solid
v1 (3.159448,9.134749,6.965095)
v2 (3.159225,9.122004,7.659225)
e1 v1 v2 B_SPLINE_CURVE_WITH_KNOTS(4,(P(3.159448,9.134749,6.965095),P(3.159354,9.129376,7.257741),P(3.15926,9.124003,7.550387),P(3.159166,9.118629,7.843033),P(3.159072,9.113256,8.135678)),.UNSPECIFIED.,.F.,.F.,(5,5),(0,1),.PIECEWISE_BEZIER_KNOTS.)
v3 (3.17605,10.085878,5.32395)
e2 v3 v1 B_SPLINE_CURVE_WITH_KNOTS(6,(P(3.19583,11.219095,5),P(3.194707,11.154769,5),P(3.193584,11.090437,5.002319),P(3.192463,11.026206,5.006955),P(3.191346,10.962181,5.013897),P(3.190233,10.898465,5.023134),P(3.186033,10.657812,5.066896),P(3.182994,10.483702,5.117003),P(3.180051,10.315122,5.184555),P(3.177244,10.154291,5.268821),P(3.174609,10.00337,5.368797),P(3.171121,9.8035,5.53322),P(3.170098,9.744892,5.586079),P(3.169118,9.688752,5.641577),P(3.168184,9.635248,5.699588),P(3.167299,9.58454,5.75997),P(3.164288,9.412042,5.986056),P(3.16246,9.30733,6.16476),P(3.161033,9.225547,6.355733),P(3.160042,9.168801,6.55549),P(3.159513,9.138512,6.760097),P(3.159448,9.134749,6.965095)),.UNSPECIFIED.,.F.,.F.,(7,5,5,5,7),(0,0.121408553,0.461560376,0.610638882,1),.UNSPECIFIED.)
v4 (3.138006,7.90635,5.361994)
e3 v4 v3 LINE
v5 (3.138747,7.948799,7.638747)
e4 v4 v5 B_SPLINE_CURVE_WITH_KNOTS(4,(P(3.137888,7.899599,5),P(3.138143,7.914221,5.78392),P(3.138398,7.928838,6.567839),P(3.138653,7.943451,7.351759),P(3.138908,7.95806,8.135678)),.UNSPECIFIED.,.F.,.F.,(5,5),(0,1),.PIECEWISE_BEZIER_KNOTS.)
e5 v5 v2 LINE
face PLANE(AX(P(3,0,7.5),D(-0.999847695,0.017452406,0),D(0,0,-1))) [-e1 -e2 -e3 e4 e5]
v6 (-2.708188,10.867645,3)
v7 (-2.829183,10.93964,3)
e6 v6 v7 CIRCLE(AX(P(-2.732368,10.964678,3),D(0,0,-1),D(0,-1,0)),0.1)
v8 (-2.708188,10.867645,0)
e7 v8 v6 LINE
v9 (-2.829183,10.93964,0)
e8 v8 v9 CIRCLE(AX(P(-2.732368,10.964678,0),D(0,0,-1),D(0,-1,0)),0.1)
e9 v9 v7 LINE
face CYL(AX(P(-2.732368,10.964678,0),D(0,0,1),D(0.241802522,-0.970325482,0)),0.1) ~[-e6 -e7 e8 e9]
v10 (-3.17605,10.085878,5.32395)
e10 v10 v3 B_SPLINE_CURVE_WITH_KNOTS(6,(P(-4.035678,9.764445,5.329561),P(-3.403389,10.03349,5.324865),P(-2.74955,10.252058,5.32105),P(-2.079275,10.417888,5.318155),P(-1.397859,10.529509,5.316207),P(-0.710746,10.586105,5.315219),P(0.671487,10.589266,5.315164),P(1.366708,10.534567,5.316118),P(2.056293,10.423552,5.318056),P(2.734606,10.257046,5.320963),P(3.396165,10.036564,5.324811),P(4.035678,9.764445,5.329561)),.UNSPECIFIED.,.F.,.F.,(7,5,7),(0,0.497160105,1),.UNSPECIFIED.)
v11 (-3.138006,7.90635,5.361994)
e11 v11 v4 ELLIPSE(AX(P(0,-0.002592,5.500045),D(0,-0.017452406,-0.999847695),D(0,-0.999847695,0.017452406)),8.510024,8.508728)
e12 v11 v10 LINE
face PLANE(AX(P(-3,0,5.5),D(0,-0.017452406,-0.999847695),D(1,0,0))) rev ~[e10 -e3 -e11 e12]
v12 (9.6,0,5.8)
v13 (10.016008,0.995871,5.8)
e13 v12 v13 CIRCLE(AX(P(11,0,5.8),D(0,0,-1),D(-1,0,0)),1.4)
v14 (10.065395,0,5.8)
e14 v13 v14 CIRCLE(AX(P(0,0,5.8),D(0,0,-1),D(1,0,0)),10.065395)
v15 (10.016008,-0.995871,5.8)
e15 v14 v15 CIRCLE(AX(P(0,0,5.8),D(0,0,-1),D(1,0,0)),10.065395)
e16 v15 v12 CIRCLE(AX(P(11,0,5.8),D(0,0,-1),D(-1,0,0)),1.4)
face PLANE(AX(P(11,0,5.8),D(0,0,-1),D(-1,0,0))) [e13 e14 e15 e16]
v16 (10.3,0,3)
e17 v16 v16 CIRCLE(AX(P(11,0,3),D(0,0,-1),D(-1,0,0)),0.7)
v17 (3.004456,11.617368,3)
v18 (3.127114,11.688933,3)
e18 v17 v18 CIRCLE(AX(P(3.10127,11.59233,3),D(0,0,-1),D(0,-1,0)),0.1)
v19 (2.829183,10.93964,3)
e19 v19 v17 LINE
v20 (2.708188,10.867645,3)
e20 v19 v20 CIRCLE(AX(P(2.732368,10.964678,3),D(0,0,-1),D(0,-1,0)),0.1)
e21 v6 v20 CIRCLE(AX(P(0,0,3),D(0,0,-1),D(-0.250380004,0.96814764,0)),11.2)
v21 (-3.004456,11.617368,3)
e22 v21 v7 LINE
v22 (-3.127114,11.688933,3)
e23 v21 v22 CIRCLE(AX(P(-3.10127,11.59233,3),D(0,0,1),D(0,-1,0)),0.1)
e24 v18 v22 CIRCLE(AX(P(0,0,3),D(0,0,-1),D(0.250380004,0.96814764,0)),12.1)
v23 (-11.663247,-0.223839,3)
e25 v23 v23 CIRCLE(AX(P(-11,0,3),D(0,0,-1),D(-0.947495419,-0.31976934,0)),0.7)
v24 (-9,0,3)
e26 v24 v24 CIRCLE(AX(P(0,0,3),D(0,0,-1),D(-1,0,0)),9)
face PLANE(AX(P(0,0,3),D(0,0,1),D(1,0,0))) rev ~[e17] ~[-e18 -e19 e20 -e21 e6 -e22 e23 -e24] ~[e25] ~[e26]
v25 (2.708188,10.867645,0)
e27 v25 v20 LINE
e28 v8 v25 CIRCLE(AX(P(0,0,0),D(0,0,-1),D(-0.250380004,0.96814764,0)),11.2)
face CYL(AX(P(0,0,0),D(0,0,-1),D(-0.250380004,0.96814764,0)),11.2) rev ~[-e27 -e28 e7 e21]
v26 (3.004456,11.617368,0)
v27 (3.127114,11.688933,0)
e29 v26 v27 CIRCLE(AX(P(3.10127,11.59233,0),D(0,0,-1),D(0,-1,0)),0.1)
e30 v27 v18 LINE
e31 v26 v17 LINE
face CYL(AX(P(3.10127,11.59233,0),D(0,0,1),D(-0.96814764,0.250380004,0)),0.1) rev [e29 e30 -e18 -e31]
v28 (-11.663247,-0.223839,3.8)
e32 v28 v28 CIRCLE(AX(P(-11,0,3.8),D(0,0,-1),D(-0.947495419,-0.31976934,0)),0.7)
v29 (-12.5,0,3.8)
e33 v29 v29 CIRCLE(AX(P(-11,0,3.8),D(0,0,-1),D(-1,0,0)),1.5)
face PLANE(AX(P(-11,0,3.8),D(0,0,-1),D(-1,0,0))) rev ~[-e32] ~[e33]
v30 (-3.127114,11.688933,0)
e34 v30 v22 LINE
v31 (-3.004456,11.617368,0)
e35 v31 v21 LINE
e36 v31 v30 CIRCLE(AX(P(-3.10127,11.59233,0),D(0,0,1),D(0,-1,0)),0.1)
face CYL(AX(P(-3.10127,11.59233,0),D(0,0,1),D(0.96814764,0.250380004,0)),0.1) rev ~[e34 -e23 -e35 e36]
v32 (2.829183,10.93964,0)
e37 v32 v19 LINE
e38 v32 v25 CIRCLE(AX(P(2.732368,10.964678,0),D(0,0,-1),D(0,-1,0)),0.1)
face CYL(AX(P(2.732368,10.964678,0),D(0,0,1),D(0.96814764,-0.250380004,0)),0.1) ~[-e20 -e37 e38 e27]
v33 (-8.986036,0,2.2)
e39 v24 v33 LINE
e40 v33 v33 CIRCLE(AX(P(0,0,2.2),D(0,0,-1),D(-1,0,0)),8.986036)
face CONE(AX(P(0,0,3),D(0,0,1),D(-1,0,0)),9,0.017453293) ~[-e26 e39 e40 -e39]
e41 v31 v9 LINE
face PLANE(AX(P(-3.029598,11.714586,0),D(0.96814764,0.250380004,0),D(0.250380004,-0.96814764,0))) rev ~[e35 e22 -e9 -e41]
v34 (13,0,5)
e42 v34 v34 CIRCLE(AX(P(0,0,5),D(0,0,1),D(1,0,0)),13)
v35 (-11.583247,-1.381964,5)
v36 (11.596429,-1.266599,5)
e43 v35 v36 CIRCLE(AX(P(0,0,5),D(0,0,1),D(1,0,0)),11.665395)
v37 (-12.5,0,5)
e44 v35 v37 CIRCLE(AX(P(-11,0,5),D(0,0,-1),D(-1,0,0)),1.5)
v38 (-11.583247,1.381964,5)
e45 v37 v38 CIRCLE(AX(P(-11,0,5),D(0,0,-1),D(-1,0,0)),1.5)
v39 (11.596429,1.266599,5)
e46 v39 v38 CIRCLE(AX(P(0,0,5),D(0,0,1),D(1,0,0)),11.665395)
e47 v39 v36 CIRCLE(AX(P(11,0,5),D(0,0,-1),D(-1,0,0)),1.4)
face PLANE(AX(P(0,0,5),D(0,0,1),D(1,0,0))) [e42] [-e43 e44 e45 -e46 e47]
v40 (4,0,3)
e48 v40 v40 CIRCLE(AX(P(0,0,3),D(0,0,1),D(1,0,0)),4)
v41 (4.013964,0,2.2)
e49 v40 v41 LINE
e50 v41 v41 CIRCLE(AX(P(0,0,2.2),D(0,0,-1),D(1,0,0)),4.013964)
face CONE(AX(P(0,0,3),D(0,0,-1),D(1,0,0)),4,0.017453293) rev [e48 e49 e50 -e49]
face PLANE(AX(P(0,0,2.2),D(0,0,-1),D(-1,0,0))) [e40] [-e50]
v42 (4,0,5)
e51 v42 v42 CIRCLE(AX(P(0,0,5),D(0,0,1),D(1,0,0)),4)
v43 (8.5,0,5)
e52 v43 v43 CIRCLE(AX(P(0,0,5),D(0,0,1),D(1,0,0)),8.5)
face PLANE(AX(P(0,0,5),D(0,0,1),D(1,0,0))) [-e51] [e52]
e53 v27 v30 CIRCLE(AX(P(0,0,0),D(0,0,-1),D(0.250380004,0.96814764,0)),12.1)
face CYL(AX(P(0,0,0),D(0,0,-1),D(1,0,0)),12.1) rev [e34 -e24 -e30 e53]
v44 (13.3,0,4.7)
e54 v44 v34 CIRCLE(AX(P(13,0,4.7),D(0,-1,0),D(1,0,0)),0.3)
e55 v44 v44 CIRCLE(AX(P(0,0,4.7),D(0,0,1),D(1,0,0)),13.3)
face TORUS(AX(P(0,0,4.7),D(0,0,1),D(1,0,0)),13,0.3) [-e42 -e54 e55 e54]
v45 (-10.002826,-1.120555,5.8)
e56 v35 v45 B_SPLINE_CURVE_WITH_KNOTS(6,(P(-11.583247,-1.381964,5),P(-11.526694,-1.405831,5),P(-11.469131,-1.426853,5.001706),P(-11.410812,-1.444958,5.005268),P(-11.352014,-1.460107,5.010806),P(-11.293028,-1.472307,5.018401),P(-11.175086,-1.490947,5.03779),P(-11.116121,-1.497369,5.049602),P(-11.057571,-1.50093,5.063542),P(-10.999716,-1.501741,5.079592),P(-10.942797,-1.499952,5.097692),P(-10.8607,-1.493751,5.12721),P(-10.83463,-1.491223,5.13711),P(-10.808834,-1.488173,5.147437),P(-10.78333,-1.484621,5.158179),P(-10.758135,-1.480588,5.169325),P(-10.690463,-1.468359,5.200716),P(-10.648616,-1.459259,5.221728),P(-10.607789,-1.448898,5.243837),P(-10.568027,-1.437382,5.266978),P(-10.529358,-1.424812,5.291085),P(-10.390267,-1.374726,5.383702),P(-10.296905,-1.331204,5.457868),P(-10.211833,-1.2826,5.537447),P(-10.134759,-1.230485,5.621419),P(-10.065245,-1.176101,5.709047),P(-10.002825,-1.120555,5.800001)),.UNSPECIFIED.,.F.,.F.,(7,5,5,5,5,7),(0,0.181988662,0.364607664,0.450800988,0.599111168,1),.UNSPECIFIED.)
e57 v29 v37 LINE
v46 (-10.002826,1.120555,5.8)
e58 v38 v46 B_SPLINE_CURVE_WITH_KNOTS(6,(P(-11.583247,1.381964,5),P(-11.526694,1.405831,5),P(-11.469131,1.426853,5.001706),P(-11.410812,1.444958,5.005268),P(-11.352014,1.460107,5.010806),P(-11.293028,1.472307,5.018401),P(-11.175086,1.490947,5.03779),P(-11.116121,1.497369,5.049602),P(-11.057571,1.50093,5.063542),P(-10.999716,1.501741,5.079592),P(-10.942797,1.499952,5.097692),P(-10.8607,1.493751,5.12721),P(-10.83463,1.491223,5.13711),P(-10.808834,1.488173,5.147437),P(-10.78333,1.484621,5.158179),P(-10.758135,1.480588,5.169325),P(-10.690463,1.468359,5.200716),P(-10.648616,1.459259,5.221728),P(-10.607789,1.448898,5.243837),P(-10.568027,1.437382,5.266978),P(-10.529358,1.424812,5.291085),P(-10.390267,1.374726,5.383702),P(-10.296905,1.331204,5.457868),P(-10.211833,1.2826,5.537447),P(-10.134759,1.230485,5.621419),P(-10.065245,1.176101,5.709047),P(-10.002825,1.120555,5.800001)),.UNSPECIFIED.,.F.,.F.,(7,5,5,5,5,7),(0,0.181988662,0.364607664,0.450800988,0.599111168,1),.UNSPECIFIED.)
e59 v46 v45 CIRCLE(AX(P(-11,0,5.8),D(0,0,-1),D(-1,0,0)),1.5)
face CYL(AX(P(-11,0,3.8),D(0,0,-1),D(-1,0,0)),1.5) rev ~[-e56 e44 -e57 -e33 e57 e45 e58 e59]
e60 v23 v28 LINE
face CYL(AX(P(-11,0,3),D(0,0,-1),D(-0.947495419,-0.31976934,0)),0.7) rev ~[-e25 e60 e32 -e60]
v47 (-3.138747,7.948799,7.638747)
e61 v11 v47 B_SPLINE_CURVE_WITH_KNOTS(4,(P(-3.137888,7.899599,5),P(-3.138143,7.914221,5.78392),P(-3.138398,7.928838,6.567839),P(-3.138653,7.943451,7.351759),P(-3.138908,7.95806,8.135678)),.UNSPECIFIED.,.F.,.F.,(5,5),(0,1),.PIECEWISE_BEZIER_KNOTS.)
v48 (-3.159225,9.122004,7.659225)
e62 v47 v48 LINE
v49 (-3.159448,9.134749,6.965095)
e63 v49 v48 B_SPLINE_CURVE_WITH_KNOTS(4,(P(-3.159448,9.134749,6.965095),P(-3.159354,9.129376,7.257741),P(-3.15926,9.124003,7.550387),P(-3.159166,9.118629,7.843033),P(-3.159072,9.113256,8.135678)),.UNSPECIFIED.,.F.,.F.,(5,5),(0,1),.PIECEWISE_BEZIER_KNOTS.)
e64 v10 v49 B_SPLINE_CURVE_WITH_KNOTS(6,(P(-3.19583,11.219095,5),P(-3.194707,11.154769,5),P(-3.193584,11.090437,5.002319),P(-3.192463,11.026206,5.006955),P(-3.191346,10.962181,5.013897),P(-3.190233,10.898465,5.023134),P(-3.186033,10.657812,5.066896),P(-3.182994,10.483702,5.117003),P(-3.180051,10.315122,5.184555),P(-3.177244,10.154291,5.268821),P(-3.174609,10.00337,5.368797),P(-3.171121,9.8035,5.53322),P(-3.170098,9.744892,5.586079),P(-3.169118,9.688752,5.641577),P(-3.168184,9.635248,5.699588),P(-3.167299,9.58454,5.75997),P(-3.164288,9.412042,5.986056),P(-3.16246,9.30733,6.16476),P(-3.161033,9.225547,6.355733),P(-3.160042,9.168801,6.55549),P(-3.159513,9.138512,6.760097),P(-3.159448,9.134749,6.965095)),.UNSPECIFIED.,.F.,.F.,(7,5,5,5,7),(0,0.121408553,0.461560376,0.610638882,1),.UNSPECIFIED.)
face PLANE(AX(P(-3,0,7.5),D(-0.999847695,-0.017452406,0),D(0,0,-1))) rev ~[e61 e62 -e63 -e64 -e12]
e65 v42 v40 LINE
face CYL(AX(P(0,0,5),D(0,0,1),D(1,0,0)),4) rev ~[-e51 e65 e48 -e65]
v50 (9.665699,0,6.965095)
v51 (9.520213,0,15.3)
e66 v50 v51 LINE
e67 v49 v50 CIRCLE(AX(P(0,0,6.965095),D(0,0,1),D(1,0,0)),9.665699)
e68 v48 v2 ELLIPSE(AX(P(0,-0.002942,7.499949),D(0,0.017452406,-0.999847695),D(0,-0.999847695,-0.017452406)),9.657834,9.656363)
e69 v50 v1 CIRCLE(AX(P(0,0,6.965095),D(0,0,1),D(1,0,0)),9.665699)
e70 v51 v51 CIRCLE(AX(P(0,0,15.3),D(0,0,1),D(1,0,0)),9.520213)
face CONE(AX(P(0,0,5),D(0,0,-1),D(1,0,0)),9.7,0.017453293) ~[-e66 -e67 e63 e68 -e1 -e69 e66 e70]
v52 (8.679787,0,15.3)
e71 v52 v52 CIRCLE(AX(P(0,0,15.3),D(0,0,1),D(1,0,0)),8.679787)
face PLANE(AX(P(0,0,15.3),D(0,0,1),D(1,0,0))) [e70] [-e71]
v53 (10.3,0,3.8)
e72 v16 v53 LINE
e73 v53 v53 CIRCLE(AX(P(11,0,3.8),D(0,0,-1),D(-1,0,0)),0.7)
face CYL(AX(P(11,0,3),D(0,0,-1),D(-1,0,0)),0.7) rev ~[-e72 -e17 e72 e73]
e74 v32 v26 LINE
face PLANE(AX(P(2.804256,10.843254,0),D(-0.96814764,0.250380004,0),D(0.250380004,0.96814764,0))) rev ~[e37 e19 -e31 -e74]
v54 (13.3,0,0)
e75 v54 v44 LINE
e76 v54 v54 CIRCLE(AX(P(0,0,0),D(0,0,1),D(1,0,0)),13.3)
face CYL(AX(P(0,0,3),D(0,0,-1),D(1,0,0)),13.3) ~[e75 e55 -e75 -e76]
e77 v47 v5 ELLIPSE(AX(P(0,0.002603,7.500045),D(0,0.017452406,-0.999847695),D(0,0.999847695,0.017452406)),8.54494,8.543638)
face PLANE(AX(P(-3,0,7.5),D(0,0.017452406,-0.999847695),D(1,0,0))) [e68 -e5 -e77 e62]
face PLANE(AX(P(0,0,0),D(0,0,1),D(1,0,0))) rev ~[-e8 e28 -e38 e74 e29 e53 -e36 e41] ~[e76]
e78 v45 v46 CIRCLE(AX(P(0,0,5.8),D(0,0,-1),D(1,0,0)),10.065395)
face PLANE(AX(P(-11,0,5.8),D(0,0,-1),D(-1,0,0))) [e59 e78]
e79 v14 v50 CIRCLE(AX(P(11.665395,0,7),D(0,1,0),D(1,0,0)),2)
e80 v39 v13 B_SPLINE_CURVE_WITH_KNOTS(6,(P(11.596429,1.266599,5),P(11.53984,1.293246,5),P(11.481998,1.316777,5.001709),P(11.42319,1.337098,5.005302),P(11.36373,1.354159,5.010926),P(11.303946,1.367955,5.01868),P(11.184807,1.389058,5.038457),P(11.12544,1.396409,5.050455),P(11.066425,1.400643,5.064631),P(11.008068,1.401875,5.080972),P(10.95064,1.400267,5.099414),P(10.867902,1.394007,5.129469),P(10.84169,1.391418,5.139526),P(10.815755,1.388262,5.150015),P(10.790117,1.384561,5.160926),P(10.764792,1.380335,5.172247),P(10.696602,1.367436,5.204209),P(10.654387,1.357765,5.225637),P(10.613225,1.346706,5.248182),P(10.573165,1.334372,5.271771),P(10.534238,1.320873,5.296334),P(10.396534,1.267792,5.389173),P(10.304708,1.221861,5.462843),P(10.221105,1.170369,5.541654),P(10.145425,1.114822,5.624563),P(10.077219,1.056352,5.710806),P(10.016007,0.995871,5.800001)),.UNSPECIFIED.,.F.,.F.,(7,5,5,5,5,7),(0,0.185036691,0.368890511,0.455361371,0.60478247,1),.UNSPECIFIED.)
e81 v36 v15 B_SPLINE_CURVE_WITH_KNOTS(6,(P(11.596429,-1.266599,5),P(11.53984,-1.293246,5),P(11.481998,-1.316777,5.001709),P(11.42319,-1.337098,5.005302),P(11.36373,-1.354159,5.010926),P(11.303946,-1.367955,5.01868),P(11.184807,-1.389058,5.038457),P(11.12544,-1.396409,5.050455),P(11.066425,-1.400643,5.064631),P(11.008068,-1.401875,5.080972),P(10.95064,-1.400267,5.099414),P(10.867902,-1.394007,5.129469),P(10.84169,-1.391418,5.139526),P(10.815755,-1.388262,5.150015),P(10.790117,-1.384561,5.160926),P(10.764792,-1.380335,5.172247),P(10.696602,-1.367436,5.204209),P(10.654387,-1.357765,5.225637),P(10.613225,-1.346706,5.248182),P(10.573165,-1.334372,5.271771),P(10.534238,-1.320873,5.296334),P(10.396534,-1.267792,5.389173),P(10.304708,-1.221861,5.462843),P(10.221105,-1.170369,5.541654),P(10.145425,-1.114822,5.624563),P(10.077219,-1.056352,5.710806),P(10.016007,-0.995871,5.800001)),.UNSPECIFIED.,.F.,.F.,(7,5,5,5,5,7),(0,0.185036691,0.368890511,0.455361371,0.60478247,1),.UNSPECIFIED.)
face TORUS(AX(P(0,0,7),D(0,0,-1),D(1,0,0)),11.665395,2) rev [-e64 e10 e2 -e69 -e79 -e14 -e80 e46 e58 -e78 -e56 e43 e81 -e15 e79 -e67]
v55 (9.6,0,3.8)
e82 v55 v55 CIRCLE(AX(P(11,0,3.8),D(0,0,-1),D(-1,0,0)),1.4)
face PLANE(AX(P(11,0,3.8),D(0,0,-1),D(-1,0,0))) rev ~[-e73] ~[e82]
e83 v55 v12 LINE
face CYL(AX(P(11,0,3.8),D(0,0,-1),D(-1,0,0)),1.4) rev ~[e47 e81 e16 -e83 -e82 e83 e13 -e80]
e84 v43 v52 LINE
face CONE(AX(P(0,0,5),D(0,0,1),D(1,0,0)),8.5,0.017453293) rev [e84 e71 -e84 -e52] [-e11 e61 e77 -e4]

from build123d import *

# Parameters (mm, degrees)
SKETCH1_R           = 13.3
SKETCH1_R_2         = 12.1
BOSS_EXTRUDE1_DEPTH = 3
SKETCH2_R           = 13.3
BOSS_EXTRUDE2_DEPTH = 2
SKETCH3_R           = 4
CUT_EXTRUDE1_DEPTH  = 10.2
SKETCH4_R           = 9.7
SKETCH4_R_2         = 8.5
BOSS_EXTRUDE3_DEPTH = 10.3
BOSS_EXTRUDE3_DRAFT = 1
FILLET1_R           = 2
SKETCH5_R           = 9
SKETCH5_R_2         = 4
BOSS_EXTRUDE4_DEPTH = 0.8
BOSS_EXTRUDE4_DRAFT = 1
BOSS_EXTRUDE5_DEPTH = 3
FILLET2_R           = 0.1
SKETCH7_W           = 6
SKETCH7_H           = 2
CUT_EXTRUDE2_DEPTH  = 20.8
CUT_EXTRUDE2_DRAFT  = -1
SKETCH8_R           = 0.7
CUT_EXTRUDE3_DEPTH  = 20.8
CUT_EXTRUDE4_START  = -0.8
SKETCH9_R           = 1.4
SKETCH9_R_2         = 1.5
CUT_EXTRUDE4_DEPTH  = 2
FILLET3_R           = 0.3


with BuildPart() as part:
    # Sketch1 → Boss-Extrude1 (new body)
    with BuildSketch(Plane.XY):
        Circle(SKETCH1_R)
        Circle(SKETCH1_R_2, mode=Mode.SUBTRACT)
    extrude(amount=BOSS_EXTRUDE1_DEPTH)

    # Sketch2 → Boss-Extrude2 (add)
    with BuildSketch(Plane.XY.offset(3)):
        Circle(SKETCH2_R)
    extrude(amount=BOSS_EXTRUDE2_DEPTH)

    # Sketch3 → Cut-Extrude1 (cut)
    with BuildSketch(Plane.XY.offset(5)):
        Circle(SKETCH3_R)
    extrude(amount=-CUT_EXTRUDE1_DEPTH, mode=Mode.SUBTRACT)


with BuildPart() as boss_extrude3_tool:
    # Sketch4 → Boss-Extrude3 (with draft: the straight prism first)
    with BuildSketch(Plane.XY.offset(5)):
        Circle(SKETCH4_R)
        Circle(SKETCH4_R_2, mode=Mode.SUBTRACT)
    extrude(amount=BOSS_EXTRUDE3_DEPTH)
    # Boss-Extrude3: the draft: its side faces are tilted about the plane it starts from
    boss_extrude3_sides = [boss_extrude3_tool.faces().sort_by_distance(p)[0] for p in [
        (-9.7, 0, 10.15),
        (-8.5, 0, 10.15),
    ]]
    draft(boss_extrude3_sides, Plane.XY.offset(5), BOSS_EXTRUDE3_DRAFT)


with BuildPart() as part_1:
    add(part.part)

    # Boss-Extrude3: add boss_extrude3_tool
    add(boss_extrude3_tool.part)

    # Fillet1
    fillet1_edges = [part_1.edges().sort_by_distance(p)[0] for p in [
        (-9.7, 0, 5),
    ]]
    fillet(fillet1_edges, radius=FILLET1_R)


with BuildPart() as boss_extrude4_tool:
    # Sketch5 → Boss-Extrude4 (with draft: the straight prism first)
    with BuildSketch(Plane(origin=(0, 0, 3), x_dir=(-1, 0, 0), z_dir=(0, 0, -1))):
        Circle(SKETCH5_R)
        with Locations(Location((0, 0, 0), (0, 0, 180))):
            Circle(SKETCH5_R_2, mode=Mode.SUBTRACT)
    extrude(amount=BOSS_EXTRUDE4_DEPTH)
    # Boss-Extrude4: the draft: its side faces are tilted about the plane it starts from
    boss_extrude4_sides = [boss_extrude4_tool.faces().sort_by_distance(p)[0] for p in [
        (9, 0, 2.6),
        (-4, 0, 2.6),
    ]]
    draft(boss_extrude4_sides, Plane(origin=(0, 0, 3), x_dir=(-1, 0, 0), z_dir=(0, 0, -1)), BOSS_EXTRUDE4_DRAFT)


with BuildPart() as part_2:
    add(part_1.part)

    # Boss-Extrude4: add boss_extrude4_tool
    add(boss_extrude4_tool.part)

    # Sketch6 → Boss-Extrude5 (add)
    with BuildSketch(Plane(origin=(0, 0, 0), x_dir=(-1, 0, 0), z_dir=(0, 0, -1))):
        with BuildLine():
            Line((3.029598049, 11.714586449), (2.804256045, 10.843253572))
            ThreePointArc((2.804256045, 10.843253572), (0, 11.2), (-2.804256045, 10.843253572))
            Line((-2.804256045, 10.843253572), (-3.029598049, 11.714586449))
            ThreePointArc((-3.029598049, 11.714586449), (0, 12.1), (3.029598049, 11.714586449))
        make_face()
    extrude(amount=-BOSS_EXTRUDE5_DEPTH)

    # Fillet2
    fillet2_edges = [part_2.edges().sort_by_distance(p)[0] for p in [
        (-3.029598049, 11.714586449, 1.5),
        (3.029598049, 11.714586449, 1.5),
        (2.804256045, 10.843253572, 1.5),
        (-2.804256045, 10.843253572, 1.5),
    ]]
    fillet(fillet2_edges, radius=FILLET2_R)


with BuildPart() as cut_extrude2_tool:
    # Sketch7 → Cut-Extrude2 (with draft: the straight prism first)
    with BuildSketch(Plane(origin=(0, 0, 0), x_dir=(1, 0, 0), z_dir=(0, 1, 0))):
        with Locations((0, -6.5)):
            Rectangle(SKETCH7_W, SKETCH7_H)
    extrude(amount=CUT_EXTRUDE2_DEPTH)
    # Cut-Extrude2: the draft: its side faces are tilted about the plane it starts from
    cut_extrude2_sides = [cut_extrude2_tool.faces().sort_by_distance(p)[0] for p in [
        (0, 10.4, 7.5),
        (3, 10.4, 6.5),
        (0, 10.4, 5.5),
        (-3, 10.4, 6.5),
    ]]
    draft(cut_extrude2_sides, Plane(origin=(0, 0, 0), x_dir=(1, 0, 0), z_dir=(0, 1, 0)), CUT_EXTRUDE2_DRAFT)


with BuildPart() as part_3:
    add(part_2.part)

    # Cut-Extrude2: cut by cut_extrude2_tool
    add(cut_extrude2_tool.part, mode=Mode.SUBTRACT)

    # Sketch8 → Cut-Extrude3 (cut)
    with BuildSketch(Plane(origin=(0, 0, 3), x_dir=(-1, 0, 0), z_dir=(0, 0, -1))):
        with Locations((-11, 0)):
            Circle(SKETCH8_R)
        with Locations(Location((11, 0, 0), (0, 0, 341.351023891))):
            Circle(SKETCH8_R)
    extrude(amount=-CUT_EXTRUDE3_DEPTH, mode=Mode.SUBTRACT)

    # Sketch9 → Cut-Extrude4 (cut)
    with BuildSketch(Plane(origin=(0, 0, 3), x_dir=(-1, 0, 0), z_dir=(0, 0, -1)).offset(CUT_EXTRUDE4_START)):
        with Locations((-11, 0)):
            Circle(SKETCH9_R)
        with Locations((11, 0)):
            Circle(SKETCH9_R_2)
    extrude(amount=-CUT_EXTRUDE4_DEPTH, mode=Mode.SUBTRACT)

    # Fillet3
    fillet3_edges = [part_3.edges().sort_by_distance(p)[0] for p in [
        (-13.3, 0, 5),
    ]]
    fillet(fillet3_edges, radius=FILLET3_R)


solid = part_3.part
